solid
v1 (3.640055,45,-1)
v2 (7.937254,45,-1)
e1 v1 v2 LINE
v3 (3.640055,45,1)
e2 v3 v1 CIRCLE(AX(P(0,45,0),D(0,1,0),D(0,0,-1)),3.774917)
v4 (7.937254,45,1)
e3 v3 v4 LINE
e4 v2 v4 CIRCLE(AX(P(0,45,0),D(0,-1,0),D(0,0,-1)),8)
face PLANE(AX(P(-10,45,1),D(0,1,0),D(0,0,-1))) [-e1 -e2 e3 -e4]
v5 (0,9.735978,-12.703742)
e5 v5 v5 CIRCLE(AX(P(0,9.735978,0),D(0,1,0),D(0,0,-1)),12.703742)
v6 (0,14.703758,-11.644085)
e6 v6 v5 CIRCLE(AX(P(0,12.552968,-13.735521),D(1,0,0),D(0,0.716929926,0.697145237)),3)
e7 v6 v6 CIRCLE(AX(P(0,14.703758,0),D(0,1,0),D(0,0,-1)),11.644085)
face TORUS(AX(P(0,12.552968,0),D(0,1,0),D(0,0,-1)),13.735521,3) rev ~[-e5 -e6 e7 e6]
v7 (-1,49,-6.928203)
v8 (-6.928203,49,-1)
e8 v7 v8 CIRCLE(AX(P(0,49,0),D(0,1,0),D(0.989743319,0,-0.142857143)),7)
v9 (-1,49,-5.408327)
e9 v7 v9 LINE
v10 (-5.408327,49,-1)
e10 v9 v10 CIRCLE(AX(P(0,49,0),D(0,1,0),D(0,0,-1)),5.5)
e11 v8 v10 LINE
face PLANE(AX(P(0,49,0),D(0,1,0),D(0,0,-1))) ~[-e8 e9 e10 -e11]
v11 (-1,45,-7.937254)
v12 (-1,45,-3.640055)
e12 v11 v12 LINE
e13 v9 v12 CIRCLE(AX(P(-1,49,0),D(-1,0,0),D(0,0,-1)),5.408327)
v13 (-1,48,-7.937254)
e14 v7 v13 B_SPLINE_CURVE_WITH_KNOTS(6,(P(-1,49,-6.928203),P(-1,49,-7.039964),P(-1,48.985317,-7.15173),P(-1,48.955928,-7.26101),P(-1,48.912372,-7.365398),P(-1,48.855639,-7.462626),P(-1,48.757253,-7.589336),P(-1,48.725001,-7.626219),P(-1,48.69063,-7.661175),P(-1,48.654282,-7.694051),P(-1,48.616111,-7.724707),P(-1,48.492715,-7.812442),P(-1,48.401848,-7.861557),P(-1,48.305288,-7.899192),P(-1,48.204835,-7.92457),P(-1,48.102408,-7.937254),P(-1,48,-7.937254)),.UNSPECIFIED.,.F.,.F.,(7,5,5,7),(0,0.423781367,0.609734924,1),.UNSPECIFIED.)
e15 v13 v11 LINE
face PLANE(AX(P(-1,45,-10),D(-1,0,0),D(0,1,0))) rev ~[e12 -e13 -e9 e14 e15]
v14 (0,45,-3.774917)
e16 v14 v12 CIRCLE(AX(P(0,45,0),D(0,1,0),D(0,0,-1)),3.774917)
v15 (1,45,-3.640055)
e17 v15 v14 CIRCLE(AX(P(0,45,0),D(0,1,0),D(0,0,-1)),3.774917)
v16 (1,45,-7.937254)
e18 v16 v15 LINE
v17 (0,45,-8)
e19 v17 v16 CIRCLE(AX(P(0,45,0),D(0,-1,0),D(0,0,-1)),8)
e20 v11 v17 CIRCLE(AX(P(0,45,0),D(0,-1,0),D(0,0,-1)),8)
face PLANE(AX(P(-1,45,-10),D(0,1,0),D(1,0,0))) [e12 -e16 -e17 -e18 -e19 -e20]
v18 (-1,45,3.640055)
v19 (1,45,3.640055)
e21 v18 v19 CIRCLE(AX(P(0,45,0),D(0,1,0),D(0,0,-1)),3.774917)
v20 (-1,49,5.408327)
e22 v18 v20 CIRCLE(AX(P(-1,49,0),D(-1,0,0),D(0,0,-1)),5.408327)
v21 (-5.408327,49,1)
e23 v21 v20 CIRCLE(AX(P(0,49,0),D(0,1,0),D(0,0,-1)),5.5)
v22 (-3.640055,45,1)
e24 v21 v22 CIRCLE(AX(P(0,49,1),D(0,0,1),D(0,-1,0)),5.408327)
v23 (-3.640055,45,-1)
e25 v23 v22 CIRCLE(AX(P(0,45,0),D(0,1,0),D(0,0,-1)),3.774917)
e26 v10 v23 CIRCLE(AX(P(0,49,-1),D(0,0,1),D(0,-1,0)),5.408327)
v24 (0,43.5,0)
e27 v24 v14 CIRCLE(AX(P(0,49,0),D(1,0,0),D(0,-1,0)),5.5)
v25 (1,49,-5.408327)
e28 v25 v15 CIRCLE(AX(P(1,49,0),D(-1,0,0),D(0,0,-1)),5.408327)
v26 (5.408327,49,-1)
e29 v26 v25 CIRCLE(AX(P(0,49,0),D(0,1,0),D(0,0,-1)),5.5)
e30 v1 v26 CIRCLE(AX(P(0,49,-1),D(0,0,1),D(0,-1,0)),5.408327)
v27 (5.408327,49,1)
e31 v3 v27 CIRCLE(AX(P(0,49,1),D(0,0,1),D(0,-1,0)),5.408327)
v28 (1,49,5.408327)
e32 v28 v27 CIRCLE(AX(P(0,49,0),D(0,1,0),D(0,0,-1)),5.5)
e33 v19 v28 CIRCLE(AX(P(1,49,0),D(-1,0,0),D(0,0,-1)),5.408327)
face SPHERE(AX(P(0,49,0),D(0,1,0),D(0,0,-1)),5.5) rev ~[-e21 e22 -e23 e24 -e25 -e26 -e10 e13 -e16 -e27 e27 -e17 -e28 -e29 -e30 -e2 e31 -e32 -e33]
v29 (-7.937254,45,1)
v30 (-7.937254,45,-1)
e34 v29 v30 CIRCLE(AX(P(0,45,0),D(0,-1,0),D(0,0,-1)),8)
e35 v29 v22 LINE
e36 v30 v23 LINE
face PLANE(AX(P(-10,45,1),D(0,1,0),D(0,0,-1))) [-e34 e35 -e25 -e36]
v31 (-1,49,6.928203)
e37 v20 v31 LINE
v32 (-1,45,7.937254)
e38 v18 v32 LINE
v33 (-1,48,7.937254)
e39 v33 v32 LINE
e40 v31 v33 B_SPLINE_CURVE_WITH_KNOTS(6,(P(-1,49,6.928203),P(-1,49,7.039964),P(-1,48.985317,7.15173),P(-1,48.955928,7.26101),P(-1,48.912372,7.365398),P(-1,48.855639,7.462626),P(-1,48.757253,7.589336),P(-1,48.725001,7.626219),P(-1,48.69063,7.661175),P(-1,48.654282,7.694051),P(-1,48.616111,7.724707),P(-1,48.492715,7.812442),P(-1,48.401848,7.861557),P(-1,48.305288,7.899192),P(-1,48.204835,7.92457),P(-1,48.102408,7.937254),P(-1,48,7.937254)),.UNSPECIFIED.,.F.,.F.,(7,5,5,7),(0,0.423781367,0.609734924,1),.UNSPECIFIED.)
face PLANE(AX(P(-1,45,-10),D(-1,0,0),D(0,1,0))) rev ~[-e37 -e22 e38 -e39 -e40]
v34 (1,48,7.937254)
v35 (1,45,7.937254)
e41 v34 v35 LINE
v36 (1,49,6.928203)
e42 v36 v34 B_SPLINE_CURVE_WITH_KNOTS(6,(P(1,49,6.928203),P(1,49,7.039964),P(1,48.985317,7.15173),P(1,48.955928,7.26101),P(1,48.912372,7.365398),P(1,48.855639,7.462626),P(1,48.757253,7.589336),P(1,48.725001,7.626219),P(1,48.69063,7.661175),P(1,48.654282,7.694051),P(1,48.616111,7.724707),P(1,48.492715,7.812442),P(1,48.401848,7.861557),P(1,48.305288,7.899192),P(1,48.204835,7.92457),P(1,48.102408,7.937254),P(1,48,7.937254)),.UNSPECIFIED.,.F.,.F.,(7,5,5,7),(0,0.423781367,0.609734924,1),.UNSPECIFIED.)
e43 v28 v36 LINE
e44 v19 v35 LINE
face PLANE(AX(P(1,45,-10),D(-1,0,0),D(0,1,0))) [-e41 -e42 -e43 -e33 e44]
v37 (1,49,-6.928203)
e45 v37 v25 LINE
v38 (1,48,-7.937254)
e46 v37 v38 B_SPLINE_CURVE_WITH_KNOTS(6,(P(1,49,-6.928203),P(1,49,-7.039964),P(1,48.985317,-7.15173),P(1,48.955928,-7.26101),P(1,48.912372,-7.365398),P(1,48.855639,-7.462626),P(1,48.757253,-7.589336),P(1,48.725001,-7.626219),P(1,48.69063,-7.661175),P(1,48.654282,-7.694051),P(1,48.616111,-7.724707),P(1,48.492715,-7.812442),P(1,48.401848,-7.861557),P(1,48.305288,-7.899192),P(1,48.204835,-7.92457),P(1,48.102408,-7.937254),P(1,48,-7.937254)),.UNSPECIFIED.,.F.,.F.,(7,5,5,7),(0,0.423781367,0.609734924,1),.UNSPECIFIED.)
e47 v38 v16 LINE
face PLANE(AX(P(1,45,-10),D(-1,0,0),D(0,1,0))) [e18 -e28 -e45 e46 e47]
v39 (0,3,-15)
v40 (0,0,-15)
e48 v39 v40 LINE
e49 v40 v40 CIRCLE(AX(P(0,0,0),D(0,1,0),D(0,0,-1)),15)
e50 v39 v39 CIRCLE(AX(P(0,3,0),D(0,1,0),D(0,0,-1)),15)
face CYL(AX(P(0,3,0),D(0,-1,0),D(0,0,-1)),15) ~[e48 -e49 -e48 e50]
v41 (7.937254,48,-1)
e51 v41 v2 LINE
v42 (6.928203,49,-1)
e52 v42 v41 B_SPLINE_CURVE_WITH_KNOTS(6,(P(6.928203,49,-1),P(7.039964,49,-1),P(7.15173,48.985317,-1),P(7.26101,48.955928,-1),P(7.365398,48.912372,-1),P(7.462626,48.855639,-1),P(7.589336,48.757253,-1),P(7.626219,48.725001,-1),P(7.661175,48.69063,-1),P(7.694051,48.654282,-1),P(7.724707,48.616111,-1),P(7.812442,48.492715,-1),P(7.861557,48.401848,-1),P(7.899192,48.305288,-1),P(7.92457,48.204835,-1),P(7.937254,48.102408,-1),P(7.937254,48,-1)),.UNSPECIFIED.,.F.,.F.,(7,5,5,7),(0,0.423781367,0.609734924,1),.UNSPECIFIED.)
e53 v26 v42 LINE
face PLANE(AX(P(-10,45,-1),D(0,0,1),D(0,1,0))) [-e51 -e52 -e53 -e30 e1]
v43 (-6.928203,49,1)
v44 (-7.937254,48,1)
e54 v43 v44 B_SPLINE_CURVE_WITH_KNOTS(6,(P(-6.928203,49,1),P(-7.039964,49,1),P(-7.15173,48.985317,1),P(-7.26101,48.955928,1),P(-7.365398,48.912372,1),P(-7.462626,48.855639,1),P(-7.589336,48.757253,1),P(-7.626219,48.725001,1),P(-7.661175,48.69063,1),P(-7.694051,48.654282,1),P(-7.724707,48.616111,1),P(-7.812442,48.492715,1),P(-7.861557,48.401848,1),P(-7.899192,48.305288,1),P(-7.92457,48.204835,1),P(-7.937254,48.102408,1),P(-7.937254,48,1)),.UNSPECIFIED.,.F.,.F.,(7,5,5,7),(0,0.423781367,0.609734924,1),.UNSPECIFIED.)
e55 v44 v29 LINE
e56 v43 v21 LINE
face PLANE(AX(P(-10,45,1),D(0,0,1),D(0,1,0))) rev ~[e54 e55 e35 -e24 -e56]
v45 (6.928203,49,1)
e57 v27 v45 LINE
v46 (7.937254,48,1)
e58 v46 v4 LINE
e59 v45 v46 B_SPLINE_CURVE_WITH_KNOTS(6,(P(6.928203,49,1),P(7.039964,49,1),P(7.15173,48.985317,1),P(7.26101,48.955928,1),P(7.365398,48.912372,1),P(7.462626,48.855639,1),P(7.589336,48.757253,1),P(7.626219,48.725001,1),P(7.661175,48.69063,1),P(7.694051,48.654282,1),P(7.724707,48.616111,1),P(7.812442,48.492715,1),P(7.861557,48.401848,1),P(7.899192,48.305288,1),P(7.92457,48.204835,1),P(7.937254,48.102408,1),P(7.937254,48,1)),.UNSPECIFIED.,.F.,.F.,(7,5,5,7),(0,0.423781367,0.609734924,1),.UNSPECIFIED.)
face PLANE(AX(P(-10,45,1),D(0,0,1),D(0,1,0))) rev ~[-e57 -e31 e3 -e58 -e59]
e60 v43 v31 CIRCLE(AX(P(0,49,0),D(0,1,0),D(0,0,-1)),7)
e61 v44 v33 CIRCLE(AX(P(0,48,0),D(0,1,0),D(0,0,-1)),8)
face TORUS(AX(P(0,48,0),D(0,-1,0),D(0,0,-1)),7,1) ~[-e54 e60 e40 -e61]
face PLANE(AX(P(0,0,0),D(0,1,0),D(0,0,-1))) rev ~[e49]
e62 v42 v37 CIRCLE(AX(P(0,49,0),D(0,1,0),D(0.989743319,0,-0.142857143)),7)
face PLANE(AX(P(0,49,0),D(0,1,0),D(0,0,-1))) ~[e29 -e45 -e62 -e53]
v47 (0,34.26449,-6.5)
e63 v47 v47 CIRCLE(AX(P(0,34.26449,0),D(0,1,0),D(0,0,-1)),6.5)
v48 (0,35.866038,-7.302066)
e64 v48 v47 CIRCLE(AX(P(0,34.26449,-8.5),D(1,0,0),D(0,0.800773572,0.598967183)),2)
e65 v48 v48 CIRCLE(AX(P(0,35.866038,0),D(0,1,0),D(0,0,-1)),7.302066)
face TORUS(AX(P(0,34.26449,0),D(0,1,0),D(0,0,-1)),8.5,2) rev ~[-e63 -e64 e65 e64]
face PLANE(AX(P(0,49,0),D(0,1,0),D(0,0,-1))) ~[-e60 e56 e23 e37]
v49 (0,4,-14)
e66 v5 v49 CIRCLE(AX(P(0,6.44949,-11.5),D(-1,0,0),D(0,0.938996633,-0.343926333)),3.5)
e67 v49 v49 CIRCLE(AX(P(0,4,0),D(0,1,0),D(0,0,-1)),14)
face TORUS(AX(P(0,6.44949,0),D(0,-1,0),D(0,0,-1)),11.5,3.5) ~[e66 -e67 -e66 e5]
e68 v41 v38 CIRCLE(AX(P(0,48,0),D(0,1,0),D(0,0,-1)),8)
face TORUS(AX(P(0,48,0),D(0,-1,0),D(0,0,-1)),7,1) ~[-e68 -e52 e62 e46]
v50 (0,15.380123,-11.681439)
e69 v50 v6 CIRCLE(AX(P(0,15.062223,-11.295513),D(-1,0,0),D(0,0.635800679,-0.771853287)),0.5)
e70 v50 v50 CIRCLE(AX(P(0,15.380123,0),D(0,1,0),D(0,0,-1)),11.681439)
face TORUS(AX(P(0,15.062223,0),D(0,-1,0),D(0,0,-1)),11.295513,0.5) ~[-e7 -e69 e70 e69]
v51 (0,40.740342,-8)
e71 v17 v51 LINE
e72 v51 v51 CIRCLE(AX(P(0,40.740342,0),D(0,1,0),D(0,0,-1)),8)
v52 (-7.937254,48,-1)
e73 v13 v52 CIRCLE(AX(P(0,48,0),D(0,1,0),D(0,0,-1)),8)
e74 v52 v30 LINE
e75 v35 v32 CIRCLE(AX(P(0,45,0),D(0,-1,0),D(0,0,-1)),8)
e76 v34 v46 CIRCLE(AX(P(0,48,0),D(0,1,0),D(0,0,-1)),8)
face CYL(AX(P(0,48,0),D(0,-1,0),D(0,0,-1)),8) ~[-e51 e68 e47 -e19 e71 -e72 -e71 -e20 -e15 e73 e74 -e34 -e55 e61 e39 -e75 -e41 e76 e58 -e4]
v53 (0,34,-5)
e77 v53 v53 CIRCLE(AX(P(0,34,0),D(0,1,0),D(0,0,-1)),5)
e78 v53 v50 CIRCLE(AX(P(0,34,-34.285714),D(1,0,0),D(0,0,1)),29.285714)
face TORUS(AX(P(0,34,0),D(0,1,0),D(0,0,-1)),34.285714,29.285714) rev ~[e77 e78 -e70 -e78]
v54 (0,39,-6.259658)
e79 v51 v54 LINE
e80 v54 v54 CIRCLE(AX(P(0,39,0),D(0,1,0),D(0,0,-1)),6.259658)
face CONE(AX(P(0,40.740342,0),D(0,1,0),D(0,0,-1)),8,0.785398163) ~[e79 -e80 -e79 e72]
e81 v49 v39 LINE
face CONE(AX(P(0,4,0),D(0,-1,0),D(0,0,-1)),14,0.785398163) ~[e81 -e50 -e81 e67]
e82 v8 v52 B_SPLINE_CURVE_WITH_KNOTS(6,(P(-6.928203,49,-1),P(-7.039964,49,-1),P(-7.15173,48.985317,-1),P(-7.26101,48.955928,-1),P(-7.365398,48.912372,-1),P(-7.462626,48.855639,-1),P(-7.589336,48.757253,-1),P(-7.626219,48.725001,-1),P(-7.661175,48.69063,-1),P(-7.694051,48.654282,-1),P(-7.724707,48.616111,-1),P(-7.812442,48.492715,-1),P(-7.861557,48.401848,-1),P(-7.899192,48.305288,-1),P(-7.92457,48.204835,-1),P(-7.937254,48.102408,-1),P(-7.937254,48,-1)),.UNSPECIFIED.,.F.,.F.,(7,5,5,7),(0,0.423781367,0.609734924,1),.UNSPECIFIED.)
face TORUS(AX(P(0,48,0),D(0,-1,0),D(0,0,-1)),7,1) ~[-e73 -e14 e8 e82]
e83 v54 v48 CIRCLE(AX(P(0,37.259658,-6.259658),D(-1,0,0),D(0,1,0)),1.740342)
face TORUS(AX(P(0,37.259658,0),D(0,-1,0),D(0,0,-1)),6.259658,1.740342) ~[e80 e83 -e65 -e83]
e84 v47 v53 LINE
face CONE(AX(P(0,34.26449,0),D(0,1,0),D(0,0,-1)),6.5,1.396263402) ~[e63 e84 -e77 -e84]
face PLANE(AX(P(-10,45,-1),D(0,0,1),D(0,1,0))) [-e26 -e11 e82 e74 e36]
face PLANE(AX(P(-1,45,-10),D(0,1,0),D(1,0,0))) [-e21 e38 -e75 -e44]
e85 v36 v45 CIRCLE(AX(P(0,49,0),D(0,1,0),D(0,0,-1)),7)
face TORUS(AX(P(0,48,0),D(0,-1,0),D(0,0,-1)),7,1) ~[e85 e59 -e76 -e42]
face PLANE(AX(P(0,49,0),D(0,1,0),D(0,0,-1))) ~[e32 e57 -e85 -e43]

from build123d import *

# Parameters (mm, degrees)
CUT_EXTRUDE1_DEPTH      = 10
CUT_EXTRUDE1_DEPTH_BACK = 10
SKETCH2_W               = 2
SKETCH2_H               = 4
CUT_EXTRUDE2_DEPTH      = 10
CUT_EXTRUDE2_DEPTH_BACK = 10
SKETCH3_W               = 2
SKETCH3_H               = 4


with BuildPart() as part:
    # Sketch1 → Revolve2 (revolve)
    with BuildSketch(Plane(origin=(0, 0, 0), x_dir=(0, 0, -1), z_dir=(1, 0, 0))):
        with BuildLine():
            Line((0, 0), (0, 43.5))
            ThreePointArc((0, 43.5), (3.889087297, 45.110912703), (5.5, 49))
            Line((5.5, 49), (7, 49))
            ThreePointArc((7, 49), (7.707106781, 48.707106781), (8, 48))
            Line((8, 48), (8, 40.740342281))
            Line((8, 40.740342281), (6.259657719, 39))
            ThreePointArc((6.259657719, 39), (7.911046112, 37.808936912), (7.302065633, 35.866037615))
            ThreePointArc((7.302065633, 35.866037615), (6.711723073, 35.160071642), (6.5, 34.264490471))
            Line((6.5, 34.264490471), (5, 34))
            ThreePointArc((5, 34), (6.720923384, 24.108823943), (11.681439478, 15.380122942))
            ThreePointArc((11.681439478, 15.380122942), (11.794752053, 15.034650824), (11.644085453, 14.703757639))
            ThreePointArc((11.644085453, 14.703757639), (10.801526231, 11.927129433), (12.703742165, 9.73597796))
            ThreePointArc((12.703742165, 9.73597796), (14.91391085, 7.220990038), (14, 4))
            Line((14, 4), (15, 3))
            Line((15, 3), (15, 0))
            Line((15, 0), (0, 0))
        make_face()
    revolve(axis=Axis((0, 0, 0), (0, 1, 0)))

    # Sketch2 → Cut-Extrude1 (cut, two sides: drawn at the far end of the back side and taken through both)
    with BuildSketch(Plane(origin=(0, 0, 0), x_dir=(0, 0, -1), z_dir=(1, 0, 0)).offset(-CUT_EXTRUDE1_DEPTH_BACK)):
        with Locations((0, 47)):
            Rectangle(SKETCH2_W, SKETCH2_H)
    extrude(amount=CUT_EXTRUDE1_DEPTH + CUT_EXTRUDE1_DEPTH_BACK, mode=Mode.SUBTRACT)

    # Sketch3 → Cut-Extrude2 (cut, two sides: drawn at the far end of the back side and taken through both)
    with BuildSketch(Plane.XY.offset(-CUT_EXTRUDE2_DEPTH_BACK)):
        with Locations((0, 47)):
            Rectangle(SKETCH3_W, SKETCH3_H)
    extrude(amount=CUT_EXTRUDE2_DEPTH + CUT_EXTRUDE2_DEPTH_BACK, mode=Mode.SUBTRACT)


solid = part.part
